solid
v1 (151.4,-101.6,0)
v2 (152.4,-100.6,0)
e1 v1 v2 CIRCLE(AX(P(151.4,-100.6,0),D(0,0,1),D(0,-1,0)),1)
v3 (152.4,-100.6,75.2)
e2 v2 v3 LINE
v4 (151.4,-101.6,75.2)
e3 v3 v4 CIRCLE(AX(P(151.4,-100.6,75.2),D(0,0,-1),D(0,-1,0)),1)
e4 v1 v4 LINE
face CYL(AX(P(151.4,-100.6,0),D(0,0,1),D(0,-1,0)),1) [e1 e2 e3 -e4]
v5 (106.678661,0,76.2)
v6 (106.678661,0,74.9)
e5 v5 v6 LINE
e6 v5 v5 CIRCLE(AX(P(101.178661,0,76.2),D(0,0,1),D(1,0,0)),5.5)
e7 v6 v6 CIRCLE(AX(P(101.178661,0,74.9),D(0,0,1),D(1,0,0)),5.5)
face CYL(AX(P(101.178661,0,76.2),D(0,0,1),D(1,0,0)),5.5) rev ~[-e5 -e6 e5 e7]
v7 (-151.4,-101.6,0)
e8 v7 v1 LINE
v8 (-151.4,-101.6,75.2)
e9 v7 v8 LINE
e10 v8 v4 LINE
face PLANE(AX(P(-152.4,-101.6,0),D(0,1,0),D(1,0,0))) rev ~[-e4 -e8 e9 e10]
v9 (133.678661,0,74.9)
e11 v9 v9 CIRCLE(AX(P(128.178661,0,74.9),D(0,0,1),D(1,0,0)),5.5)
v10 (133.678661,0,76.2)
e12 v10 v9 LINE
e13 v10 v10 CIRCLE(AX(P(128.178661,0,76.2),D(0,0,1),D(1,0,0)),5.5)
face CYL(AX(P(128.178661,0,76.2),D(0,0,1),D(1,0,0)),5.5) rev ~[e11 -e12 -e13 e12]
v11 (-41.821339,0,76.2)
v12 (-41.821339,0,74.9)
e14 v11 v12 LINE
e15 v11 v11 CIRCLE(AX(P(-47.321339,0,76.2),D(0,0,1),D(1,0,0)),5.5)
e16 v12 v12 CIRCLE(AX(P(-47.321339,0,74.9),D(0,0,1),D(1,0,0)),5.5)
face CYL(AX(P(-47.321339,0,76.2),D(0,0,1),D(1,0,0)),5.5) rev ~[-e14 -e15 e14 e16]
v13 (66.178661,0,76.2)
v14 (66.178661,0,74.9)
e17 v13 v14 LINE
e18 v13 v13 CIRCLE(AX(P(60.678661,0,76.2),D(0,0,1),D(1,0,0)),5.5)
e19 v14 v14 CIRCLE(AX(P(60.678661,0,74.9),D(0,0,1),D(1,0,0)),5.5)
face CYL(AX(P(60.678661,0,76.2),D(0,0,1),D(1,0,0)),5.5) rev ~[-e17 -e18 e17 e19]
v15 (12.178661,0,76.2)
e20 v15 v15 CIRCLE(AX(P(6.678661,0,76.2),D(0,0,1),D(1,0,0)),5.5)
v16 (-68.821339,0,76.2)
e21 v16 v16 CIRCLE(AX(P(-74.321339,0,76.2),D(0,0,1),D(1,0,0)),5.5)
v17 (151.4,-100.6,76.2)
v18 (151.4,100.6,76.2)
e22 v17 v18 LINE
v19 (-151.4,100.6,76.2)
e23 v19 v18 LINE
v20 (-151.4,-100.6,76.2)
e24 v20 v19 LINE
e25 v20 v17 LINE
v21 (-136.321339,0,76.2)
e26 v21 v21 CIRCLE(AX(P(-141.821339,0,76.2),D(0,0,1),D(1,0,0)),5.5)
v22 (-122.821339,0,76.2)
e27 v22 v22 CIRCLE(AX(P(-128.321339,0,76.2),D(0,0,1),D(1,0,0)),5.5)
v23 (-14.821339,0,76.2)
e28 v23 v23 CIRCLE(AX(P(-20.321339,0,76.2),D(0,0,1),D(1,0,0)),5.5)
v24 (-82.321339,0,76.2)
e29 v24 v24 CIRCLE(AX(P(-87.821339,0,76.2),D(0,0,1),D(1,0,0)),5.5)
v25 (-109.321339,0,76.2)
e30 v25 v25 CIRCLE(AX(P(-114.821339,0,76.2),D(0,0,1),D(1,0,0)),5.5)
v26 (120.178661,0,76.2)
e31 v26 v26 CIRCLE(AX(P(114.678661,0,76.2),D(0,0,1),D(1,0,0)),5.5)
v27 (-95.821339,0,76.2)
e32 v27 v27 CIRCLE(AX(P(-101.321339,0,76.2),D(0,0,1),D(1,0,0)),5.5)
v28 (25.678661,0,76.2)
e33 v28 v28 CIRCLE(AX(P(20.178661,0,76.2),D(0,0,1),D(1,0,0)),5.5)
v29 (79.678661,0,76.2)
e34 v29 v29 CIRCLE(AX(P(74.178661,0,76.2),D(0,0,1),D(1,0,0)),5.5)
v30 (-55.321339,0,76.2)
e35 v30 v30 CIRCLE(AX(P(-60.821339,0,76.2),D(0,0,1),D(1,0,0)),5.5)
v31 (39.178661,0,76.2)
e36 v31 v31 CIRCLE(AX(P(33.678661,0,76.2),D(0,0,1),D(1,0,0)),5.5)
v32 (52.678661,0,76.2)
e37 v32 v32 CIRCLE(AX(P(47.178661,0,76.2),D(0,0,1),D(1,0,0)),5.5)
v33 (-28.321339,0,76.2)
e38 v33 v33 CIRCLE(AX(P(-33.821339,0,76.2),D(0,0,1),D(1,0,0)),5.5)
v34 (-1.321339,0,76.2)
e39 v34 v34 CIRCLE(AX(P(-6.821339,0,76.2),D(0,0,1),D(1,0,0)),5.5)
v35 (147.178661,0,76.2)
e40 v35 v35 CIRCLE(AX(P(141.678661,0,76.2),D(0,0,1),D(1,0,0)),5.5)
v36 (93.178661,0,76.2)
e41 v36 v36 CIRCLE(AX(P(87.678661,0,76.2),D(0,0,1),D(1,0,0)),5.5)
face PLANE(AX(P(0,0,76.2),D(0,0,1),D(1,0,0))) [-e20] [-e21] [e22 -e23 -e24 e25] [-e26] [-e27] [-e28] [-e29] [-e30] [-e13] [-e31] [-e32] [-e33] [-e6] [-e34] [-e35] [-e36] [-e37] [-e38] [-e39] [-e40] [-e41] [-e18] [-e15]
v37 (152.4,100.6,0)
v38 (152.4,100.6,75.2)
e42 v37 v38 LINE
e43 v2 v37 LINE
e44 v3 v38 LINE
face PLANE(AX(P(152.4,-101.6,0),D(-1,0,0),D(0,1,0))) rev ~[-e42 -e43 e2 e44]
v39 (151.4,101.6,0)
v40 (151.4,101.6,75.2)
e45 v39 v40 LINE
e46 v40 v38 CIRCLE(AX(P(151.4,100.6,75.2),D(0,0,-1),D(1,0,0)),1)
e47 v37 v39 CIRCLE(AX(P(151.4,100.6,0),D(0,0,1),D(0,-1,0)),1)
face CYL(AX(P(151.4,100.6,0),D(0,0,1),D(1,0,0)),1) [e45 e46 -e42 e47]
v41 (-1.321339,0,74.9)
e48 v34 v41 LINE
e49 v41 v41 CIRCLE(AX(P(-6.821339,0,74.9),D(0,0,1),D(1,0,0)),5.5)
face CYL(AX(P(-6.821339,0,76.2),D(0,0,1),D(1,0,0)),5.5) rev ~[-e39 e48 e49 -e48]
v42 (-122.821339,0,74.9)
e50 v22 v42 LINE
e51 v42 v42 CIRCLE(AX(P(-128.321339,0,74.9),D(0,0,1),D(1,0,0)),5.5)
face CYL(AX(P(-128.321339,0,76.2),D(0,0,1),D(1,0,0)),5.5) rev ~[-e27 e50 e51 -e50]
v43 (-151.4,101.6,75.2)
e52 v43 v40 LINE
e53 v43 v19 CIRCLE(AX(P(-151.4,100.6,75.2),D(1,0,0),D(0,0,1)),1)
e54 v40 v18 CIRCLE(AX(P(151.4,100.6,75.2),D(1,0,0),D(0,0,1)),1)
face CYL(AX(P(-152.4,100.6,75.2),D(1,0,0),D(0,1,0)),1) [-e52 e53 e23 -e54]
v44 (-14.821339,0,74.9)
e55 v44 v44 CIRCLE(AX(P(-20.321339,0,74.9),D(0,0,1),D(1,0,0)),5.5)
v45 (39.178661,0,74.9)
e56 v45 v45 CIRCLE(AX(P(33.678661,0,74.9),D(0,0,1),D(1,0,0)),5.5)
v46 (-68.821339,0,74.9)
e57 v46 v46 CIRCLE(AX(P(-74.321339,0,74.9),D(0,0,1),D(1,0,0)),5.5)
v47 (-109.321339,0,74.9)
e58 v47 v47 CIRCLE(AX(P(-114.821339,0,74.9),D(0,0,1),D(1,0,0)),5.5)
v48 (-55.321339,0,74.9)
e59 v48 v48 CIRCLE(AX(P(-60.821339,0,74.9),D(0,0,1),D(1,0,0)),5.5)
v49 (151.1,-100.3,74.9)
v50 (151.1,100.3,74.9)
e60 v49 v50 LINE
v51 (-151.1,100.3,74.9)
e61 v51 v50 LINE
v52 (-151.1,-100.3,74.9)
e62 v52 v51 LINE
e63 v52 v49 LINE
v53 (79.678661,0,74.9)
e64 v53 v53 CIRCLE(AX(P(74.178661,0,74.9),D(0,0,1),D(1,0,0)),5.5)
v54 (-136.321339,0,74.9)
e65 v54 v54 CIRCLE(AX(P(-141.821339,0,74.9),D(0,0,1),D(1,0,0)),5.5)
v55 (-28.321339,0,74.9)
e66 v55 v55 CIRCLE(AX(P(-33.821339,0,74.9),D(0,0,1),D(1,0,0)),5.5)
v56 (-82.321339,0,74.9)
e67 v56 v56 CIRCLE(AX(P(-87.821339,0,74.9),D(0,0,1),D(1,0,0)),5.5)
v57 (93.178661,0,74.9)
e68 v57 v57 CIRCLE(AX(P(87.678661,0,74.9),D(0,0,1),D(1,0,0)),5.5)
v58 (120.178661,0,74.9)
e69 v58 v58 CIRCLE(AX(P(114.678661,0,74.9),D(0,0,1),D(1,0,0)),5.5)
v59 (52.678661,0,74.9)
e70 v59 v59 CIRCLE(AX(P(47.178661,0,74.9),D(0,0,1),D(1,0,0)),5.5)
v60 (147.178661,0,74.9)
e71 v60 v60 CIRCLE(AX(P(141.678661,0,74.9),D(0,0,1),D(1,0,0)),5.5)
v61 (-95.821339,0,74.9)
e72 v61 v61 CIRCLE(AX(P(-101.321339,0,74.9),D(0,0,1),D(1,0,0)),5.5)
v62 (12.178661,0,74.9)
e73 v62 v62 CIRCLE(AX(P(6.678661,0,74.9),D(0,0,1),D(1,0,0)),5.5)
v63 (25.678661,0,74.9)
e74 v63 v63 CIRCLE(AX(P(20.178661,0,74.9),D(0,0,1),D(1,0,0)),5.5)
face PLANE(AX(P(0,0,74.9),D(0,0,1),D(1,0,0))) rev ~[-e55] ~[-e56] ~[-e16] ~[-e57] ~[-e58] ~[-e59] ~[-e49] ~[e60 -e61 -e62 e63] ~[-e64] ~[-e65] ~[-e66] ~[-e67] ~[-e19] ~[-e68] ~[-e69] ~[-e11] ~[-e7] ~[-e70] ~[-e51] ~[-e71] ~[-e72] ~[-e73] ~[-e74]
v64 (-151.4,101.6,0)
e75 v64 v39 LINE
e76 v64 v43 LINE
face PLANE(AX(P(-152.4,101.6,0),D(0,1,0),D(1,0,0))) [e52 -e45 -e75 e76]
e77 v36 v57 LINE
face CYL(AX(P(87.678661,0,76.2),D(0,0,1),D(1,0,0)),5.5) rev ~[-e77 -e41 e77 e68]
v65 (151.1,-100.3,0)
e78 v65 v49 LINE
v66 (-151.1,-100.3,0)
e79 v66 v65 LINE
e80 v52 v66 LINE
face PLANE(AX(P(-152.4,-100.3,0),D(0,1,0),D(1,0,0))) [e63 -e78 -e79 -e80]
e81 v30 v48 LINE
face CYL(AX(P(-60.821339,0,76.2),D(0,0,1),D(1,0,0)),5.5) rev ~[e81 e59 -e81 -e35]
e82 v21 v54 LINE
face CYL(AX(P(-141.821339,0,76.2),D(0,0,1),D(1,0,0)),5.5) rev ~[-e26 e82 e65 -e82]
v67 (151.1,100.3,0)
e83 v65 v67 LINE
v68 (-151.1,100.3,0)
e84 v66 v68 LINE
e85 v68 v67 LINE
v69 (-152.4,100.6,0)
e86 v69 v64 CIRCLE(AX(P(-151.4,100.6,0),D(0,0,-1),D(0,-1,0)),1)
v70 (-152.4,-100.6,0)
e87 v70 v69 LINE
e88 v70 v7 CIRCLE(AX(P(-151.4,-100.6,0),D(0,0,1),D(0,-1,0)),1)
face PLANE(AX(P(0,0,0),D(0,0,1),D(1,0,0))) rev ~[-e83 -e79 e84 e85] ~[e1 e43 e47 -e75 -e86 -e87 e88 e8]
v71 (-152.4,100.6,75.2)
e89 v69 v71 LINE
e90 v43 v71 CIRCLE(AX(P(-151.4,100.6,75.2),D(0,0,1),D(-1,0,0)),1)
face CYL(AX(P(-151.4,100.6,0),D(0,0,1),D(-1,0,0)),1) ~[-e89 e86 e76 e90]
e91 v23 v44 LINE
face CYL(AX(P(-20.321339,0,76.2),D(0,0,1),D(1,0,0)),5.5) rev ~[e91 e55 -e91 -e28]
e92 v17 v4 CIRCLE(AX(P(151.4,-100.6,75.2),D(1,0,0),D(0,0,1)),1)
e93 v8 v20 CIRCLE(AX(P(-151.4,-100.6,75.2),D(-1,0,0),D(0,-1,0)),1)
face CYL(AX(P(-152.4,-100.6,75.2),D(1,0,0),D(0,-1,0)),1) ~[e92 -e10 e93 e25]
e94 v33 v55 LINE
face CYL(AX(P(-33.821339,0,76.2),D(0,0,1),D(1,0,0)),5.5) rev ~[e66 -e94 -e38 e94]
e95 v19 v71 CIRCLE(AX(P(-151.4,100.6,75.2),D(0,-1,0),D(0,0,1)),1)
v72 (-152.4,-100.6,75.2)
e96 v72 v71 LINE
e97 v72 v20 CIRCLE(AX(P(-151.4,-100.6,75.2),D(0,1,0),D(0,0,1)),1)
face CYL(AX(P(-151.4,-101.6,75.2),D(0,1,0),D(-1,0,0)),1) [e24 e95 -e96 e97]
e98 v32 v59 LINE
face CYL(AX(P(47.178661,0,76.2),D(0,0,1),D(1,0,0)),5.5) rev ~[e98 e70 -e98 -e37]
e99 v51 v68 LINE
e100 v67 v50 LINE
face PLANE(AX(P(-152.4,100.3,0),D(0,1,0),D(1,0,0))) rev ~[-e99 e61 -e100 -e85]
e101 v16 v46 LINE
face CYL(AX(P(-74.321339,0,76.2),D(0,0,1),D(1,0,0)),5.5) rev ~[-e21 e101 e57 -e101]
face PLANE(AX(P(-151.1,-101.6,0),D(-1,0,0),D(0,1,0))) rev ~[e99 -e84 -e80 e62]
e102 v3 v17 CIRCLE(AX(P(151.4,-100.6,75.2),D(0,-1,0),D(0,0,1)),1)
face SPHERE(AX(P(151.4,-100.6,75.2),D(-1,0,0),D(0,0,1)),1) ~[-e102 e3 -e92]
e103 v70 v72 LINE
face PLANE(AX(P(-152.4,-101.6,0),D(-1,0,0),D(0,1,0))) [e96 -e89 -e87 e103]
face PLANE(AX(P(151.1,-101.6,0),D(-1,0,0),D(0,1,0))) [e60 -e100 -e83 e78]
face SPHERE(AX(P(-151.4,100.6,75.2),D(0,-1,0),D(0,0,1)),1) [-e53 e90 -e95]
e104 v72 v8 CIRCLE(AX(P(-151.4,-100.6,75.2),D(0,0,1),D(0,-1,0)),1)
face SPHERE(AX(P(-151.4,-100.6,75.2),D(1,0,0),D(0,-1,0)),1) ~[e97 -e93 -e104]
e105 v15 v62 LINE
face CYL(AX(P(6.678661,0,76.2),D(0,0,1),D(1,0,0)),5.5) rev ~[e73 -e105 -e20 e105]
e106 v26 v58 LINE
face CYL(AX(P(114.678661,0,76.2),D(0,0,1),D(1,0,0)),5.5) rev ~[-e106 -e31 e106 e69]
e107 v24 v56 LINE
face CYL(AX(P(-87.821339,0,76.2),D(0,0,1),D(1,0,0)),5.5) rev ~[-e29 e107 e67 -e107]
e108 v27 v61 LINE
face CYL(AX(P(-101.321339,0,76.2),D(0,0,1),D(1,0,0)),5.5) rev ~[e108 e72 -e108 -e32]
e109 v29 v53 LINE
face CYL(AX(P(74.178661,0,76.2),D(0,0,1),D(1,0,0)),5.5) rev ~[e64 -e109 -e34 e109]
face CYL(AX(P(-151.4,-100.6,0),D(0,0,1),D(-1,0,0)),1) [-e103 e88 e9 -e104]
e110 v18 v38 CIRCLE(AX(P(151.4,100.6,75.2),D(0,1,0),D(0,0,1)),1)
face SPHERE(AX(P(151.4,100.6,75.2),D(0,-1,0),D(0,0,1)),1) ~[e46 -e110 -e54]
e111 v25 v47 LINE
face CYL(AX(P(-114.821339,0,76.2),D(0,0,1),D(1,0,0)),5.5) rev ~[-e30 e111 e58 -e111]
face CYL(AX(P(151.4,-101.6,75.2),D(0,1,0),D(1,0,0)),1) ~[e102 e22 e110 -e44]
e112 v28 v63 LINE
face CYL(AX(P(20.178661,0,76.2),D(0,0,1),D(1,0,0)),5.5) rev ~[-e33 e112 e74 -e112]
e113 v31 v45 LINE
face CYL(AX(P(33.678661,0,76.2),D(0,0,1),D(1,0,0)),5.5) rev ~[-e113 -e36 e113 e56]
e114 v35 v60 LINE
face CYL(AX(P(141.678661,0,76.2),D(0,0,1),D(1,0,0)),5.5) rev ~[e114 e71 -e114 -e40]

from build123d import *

# Parameters (mm, degrees)
F0_W     = 304.8
F0_H     = 203.2
F1_DEPTH = 76.2
F2_R     = 1
F3_T     = -1.3
F4_R     = 5.5
F5_DEPTH = 76.201


with BuildPart() as f1:
    # F0 (on Top) → F1 (new body)
    with BuildSketch(Plane.XY):
        Rectangle(F0_W, F0_H)
    extrude(amount=F1_DEPTH)

    # F2
    f2_edges = [f1.edges().sort_by_distance(p)[0] for p in [
        (0, -101.6, 76.2),
        (-152.4, -101.6, 38.1),
        (-152.4, 0, 76.2),
        (152.4, 0, 76.2),
        (0, 101.6, 76.2),
        (152.4, 101.6, 38.1),
        (152.4, -101.6, 38.1),
        (-152.4, 101.6, 38.1),
    ]]
    fillet(f2_edges, radius=F2_R)

    # F3
    f3_openings = [f1.faces().sort_by_distance(p)[0] for p in [
        (0, 0, 0),
    ]]
    offset(amount=F3_T, openings=f3_openings)

    # F4 (on face) → F5 (cut, through all)
    with BuildSketch(Plane.XY.offset(76.2)):
        with Locations((-141.821339, 0)):
            Circle(F4_R)
        with Locations((-128.321339, 0)):
            Circle(F4_R)
        with Locations((-114.821339, 0)):
            Circle(F4_R)
        with Locations((-101.321339, 0)):
            Circle(F4_R)
        with Locations((-87.821339, 0)):
            Circle(F4_R)
        with Locations((-74.321339, 0)):
            Circle(F4_R)
        with Locations((-60.821339, 0)):
            Circle(F4_R)
        with Locations((-47.321339, 0)):
            Circle(F4_R)
        with Locations((-33.821339, 0)):
            Circle(F4_R)
        with Locations((-20.321339, 0)):
            Circle(F4_R)
        with Locations((-6.821339, 0)):
            Circle(F4_R)
        with Locations((6.678661, 0)):
            Circle(F4_R)
        with Locations((20.178661, 0)):
            Circle(F4_R)
        with Locations((33.678661, 0)):
            Circle(F4_R)
        with Locations((47.178661, 0)):
            Circle(F4_R)
        with Locations((60.678661, 0)):
            Circle(F4_R)
        with Locations((74.178661, 0)):
            Circle(F4_R)
        with Locations((87.678661, 0)):
            Circle(F4_R)
        with Locations((101.178661, 0)):
            Circle(F4_R)
        with Locations((114.678661, 0)):
            Circle(F4_R)
        with Locations((128.178661, 0)):
            Circle(F4_R)
        with Locations((141.678661, 0)):
            Circle(F4_R)
    extrude(amount=-F5_DEPTH, mode=Mode.SUBTRACT)


solid = f1.part
